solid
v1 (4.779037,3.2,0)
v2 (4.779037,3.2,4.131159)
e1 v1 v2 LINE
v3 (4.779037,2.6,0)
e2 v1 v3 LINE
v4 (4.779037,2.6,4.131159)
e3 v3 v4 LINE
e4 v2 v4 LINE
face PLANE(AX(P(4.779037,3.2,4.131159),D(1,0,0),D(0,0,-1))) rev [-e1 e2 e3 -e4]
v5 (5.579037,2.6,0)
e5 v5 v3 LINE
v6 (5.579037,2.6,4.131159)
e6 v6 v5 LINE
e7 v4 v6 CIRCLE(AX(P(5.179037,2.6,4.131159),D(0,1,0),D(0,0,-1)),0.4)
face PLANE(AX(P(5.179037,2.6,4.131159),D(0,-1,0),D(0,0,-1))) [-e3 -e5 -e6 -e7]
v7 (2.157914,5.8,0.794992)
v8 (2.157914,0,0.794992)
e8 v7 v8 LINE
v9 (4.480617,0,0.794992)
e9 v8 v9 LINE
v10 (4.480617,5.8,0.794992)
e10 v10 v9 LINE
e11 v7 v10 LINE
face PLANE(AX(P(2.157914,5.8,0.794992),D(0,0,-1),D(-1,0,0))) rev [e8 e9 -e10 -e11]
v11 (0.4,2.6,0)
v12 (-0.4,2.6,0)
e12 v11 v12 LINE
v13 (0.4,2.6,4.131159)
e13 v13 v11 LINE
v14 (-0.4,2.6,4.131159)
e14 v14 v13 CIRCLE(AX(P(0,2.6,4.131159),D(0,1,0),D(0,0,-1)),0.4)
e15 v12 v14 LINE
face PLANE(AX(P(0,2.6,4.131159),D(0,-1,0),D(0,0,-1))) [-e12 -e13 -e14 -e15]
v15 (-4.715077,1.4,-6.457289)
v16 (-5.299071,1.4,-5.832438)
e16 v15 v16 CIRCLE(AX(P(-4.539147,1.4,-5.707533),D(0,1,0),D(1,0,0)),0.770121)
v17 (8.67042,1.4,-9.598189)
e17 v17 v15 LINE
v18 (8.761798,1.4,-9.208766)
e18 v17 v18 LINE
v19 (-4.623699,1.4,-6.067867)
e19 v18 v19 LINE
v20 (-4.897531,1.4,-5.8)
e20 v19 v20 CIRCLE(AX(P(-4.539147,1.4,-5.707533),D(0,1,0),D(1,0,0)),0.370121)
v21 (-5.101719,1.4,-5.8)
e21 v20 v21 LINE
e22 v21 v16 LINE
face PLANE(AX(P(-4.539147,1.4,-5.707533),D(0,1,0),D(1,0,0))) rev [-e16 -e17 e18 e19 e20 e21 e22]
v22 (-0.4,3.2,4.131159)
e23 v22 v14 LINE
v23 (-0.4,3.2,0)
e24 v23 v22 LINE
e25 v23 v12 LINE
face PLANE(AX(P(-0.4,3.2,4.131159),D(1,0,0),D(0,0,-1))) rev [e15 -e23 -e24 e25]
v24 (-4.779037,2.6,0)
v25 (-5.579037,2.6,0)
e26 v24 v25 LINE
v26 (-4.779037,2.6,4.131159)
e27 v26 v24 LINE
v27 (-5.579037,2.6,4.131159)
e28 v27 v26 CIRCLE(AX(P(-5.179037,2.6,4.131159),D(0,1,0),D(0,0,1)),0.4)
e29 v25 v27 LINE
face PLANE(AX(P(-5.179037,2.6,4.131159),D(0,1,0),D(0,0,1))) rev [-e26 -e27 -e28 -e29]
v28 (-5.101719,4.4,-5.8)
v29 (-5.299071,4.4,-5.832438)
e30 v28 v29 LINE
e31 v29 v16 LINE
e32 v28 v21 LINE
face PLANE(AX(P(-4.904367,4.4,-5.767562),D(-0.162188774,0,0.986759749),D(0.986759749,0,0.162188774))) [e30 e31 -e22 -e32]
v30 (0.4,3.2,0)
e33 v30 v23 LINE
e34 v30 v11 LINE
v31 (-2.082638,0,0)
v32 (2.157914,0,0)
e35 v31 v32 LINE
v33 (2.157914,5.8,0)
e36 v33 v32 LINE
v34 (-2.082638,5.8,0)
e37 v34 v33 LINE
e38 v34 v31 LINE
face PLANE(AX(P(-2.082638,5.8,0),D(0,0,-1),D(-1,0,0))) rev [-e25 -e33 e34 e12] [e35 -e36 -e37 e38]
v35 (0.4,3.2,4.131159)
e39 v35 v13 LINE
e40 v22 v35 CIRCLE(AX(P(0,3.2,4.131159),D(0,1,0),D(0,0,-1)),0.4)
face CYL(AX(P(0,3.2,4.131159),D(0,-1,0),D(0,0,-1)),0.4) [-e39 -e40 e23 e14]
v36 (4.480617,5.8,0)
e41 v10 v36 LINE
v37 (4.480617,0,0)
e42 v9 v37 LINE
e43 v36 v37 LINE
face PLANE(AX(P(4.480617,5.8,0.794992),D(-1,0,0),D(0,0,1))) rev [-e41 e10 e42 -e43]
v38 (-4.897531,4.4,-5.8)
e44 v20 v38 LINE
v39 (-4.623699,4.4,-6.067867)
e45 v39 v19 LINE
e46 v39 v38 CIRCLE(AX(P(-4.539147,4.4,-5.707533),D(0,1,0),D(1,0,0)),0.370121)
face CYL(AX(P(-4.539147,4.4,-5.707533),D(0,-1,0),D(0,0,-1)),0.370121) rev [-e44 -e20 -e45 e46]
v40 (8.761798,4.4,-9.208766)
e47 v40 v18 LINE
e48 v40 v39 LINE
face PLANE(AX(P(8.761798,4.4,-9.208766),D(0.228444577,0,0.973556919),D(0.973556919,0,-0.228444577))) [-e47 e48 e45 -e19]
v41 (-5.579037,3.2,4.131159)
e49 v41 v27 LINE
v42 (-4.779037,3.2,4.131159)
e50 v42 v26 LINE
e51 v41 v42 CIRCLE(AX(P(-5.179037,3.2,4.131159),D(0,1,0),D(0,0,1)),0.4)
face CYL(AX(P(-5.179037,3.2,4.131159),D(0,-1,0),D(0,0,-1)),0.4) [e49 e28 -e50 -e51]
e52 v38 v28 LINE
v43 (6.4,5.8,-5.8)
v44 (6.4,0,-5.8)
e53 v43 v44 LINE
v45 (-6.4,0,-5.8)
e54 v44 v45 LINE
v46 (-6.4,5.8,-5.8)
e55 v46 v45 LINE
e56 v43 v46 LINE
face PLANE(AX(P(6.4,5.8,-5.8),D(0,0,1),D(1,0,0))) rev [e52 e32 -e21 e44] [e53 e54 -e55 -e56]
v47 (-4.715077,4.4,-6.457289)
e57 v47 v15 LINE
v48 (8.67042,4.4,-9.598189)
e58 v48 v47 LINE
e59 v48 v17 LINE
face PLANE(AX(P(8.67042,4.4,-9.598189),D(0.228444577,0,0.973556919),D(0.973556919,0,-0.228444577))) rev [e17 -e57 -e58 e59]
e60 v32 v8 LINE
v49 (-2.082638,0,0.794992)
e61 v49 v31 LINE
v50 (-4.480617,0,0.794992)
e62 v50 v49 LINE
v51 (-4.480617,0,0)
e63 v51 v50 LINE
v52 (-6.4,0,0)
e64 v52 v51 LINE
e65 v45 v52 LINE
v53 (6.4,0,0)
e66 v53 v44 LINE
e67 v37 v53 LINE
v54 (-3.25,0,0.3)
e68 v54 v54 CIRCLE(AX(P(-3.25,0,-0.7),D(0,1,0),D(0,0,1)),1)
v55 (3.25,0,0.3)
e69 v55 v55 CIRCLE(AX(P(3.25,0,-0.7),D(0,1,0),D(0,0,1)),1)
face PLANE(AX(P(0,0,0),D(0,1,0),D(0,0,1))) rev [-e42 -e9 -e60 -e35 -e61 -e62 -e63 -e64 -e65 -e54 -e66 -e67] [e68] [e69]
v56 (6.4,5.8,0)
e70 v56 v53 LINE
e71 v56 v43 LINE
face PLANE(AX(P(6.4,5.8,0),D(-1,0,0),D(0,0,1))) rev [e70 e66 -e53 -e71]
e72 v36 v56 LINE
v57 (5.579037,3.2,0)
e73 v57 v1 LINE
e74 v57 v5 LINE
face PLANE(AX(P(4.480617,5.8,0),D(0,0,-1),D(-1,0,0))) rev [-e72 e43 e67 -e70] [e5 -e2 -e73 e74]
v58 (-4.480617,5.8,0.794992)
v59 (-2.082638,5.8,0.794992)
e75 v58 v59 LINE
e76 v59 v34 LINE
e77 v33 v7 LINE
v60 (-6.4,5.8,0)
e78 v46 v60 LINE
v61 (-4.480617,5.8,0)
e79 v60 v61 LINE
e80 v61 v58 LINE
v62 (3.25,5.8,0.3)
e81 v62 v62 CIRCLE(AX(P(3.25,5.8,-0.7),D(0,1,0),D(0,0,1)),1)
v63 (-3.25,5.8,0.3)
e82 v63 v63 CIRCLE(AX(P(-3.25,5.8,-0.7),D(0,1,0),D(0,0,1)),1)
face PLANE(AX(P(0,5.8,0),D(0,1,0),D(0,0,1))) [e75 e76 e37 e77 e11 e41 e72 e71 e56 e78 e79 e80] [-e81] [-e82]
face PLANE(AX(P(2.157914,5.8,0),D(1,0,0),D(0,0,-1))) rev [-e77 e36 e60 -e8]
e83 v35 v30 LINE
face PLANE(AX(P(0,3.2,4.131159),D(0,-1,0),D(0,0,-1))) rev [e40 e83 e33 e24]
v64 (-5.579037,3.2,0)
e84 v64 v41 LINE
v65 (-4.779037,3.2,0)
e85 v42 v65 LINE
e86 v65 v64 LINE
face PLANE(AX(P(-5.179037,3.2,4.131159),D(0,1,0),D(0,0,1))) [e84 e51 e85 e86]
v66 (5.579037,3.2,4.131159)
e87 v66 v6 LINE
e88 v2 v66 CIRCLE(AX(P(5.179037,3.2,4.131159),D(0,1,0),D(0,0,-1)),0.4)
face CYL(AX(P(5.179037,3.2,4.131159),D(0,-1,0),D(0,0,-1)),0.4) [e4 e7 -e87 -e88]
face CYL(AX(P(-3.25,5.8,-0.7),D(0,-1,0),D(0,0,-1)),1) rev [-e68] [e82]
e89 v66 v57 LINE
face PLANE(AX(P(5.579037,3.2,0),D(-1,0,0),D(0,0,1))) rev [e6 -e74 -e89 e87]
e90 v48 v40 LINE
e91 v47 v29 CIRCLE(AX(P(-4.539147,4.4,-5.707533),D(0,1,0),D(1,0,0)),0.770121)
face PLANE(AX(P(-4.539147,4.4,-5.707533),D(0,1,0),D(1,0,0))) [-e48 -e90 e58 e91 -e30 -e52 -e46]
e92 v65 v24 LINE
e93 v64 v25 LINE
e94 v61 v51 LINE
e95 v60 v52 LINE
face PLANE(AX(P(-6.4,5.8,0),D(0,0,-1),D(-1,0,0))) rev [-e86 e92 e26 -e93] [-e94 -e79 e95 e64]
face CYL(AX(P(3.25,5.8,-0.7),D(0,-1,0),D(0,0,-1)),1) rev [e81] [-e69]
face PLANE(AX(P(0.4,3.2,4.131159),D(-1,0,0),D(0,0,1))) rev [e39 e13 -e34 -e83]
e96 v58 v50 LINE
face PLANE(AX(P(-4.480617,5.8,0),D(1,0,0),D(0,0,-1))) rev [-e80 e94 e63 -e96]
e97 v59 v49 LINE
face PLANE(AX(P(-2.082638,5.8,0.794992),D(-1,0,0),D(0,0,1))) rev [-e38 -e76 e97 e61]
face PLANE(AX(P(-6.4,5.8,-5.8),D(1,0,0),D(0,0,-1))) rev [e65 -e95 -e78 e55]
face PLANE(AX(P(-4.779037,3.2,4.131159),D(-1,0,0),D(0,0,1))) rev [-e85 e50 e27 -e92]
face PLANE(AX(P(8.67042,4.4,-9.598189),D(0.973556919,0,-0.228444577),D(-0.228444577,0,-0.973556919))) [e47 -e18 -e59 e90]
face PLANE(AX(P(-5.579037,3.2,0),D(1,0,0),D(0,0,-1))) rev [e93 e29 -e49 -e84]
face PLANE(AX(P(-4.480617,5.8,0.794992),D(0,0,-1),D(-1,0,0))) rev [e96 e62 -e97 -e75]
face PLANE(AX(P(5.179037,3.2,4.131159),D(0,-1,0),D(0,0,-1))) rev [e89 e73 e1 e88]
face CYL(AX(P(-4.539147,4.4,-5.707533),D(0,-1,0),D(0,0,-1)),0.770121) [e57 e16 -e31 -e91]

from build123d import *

# Parameters (mm, degrees)
SKETCH1_R           = 1
BOSS_EXTRUDE1_DEPTH = 5.8
EXTRUDE_THIN1_DEPTH = 1.5
BOSS_EXTRUDE2_DEPTH = 0.3


with BuildPart() as part:
    # Sketch1 → Boss-Extrude1 (new body)
    with BuildSketch(Plane(origin=(0, 0, 0), x_dir=(1, 0, 0), z_dir=(0, 1, 0))):
        Polygon((6.4, 0), (6.4, 5.8), (-6.4, 5.8), (-6.4, 0), (-4.480616855, 0), (-4.480616855, -0.794991669), (-2.082638034, -0.794991669), (-2.082638034, 0), (2.15791372, 0), (2.15791372, -0.794991669), (4.480616855, -0.794991669), (4.480616855, 0), align=None)
        with Locations(Location((3.25, 0.7, 0), (0, 0, 270))):
            Circle(SKETCH1_R, mode=Mode.SUBTRACT)
        with Locations(Location((-3.25, 0.7, 0), (0, 0, 270))):
            Circle(SKETCH1_R, mode=Mode.SUBTRACT)
    extrude(amount=BOSS_EXTRUDE1_DEPTH)

    # Sketch2 → Extrude-Thin1 (add, symmetric)
    with BuildSketch(Plane(origin=(0, 2.9, 0), x_dir=(1, 0, 0), z_dir=(0, 1, 0))):
        with BuildLine():
            Line((8.670419942, 9.598188691), (-4.715076855, 6.45728949))
            ThreePointArc((-4.715076855, 6.45728949), (-5.101788699, 6.233385099), (-5.299071375, 5.832437755))
            Line((-5.299071375, 5.832437755), (-4.904367476, 5.767562245))
            ThreePointArc((-4.904367476, 5.767562245), (-4.80955319, 5.960258009), (-4.623699024, 6.067866722))
            Line((-4.623699024, 6.067866722), (8.761797773, 9.208765923))
            Line((8.761797773, 9.208765923), (8.670419942, 9.598188691))
        make_face()
    extrude(amount=EXTRUDE_THIN1_DEPTH, both=True)

    # Sketch3 → Boss-Extrude2 (add, symmetric)
    with BuildSketch(Plane(origin=(0, 2.9, 0), x_dir=(1, 0, 0), z_dir=(0, 1, 0))):
        with BuildLine():
            Line((-5.579037079, 0), (-5.579037079, -4.131158505))
            ThreePointArc((-5.579037079, -4.131158505), (-5.179037079, -4.531158505), (-4.779037079, -4.131158505))
            Line((-4.779037079, -4.131158505), (-4.779037079, 0))
            Line((-4.779037079, 0), (-5.579037079, 0))
        make_face()
        with BuildLine():
            Line((-0.4, -4.131158505), (-0.4, 0))
            Line((-0.4, 0), (0.4, 0))
            Line((0.4, 0), (0.4, -4.131158505))
            ThreePointArc((0.4, -4.131158505), (0, -4.531158505), (-0.4, -4.131158505))
        make_face()
        with BuildLine():
            Line((4.779037079, 0), (5.579037079, 0))
            Line((5.579037079, 0), (5.579037079, -4.131158505))
            ThreePointArc((5.579037079, -4.131158505), (5.179037079, -4.531158505), (4.779037079, -4.131158505))
            Line((4.779037079, -4.131158505), (4.779037079, 0))
        make_face()
    extrude(amount=BOSS_EXTRUDE2_DEPTH, both=True)


solid = part.part
